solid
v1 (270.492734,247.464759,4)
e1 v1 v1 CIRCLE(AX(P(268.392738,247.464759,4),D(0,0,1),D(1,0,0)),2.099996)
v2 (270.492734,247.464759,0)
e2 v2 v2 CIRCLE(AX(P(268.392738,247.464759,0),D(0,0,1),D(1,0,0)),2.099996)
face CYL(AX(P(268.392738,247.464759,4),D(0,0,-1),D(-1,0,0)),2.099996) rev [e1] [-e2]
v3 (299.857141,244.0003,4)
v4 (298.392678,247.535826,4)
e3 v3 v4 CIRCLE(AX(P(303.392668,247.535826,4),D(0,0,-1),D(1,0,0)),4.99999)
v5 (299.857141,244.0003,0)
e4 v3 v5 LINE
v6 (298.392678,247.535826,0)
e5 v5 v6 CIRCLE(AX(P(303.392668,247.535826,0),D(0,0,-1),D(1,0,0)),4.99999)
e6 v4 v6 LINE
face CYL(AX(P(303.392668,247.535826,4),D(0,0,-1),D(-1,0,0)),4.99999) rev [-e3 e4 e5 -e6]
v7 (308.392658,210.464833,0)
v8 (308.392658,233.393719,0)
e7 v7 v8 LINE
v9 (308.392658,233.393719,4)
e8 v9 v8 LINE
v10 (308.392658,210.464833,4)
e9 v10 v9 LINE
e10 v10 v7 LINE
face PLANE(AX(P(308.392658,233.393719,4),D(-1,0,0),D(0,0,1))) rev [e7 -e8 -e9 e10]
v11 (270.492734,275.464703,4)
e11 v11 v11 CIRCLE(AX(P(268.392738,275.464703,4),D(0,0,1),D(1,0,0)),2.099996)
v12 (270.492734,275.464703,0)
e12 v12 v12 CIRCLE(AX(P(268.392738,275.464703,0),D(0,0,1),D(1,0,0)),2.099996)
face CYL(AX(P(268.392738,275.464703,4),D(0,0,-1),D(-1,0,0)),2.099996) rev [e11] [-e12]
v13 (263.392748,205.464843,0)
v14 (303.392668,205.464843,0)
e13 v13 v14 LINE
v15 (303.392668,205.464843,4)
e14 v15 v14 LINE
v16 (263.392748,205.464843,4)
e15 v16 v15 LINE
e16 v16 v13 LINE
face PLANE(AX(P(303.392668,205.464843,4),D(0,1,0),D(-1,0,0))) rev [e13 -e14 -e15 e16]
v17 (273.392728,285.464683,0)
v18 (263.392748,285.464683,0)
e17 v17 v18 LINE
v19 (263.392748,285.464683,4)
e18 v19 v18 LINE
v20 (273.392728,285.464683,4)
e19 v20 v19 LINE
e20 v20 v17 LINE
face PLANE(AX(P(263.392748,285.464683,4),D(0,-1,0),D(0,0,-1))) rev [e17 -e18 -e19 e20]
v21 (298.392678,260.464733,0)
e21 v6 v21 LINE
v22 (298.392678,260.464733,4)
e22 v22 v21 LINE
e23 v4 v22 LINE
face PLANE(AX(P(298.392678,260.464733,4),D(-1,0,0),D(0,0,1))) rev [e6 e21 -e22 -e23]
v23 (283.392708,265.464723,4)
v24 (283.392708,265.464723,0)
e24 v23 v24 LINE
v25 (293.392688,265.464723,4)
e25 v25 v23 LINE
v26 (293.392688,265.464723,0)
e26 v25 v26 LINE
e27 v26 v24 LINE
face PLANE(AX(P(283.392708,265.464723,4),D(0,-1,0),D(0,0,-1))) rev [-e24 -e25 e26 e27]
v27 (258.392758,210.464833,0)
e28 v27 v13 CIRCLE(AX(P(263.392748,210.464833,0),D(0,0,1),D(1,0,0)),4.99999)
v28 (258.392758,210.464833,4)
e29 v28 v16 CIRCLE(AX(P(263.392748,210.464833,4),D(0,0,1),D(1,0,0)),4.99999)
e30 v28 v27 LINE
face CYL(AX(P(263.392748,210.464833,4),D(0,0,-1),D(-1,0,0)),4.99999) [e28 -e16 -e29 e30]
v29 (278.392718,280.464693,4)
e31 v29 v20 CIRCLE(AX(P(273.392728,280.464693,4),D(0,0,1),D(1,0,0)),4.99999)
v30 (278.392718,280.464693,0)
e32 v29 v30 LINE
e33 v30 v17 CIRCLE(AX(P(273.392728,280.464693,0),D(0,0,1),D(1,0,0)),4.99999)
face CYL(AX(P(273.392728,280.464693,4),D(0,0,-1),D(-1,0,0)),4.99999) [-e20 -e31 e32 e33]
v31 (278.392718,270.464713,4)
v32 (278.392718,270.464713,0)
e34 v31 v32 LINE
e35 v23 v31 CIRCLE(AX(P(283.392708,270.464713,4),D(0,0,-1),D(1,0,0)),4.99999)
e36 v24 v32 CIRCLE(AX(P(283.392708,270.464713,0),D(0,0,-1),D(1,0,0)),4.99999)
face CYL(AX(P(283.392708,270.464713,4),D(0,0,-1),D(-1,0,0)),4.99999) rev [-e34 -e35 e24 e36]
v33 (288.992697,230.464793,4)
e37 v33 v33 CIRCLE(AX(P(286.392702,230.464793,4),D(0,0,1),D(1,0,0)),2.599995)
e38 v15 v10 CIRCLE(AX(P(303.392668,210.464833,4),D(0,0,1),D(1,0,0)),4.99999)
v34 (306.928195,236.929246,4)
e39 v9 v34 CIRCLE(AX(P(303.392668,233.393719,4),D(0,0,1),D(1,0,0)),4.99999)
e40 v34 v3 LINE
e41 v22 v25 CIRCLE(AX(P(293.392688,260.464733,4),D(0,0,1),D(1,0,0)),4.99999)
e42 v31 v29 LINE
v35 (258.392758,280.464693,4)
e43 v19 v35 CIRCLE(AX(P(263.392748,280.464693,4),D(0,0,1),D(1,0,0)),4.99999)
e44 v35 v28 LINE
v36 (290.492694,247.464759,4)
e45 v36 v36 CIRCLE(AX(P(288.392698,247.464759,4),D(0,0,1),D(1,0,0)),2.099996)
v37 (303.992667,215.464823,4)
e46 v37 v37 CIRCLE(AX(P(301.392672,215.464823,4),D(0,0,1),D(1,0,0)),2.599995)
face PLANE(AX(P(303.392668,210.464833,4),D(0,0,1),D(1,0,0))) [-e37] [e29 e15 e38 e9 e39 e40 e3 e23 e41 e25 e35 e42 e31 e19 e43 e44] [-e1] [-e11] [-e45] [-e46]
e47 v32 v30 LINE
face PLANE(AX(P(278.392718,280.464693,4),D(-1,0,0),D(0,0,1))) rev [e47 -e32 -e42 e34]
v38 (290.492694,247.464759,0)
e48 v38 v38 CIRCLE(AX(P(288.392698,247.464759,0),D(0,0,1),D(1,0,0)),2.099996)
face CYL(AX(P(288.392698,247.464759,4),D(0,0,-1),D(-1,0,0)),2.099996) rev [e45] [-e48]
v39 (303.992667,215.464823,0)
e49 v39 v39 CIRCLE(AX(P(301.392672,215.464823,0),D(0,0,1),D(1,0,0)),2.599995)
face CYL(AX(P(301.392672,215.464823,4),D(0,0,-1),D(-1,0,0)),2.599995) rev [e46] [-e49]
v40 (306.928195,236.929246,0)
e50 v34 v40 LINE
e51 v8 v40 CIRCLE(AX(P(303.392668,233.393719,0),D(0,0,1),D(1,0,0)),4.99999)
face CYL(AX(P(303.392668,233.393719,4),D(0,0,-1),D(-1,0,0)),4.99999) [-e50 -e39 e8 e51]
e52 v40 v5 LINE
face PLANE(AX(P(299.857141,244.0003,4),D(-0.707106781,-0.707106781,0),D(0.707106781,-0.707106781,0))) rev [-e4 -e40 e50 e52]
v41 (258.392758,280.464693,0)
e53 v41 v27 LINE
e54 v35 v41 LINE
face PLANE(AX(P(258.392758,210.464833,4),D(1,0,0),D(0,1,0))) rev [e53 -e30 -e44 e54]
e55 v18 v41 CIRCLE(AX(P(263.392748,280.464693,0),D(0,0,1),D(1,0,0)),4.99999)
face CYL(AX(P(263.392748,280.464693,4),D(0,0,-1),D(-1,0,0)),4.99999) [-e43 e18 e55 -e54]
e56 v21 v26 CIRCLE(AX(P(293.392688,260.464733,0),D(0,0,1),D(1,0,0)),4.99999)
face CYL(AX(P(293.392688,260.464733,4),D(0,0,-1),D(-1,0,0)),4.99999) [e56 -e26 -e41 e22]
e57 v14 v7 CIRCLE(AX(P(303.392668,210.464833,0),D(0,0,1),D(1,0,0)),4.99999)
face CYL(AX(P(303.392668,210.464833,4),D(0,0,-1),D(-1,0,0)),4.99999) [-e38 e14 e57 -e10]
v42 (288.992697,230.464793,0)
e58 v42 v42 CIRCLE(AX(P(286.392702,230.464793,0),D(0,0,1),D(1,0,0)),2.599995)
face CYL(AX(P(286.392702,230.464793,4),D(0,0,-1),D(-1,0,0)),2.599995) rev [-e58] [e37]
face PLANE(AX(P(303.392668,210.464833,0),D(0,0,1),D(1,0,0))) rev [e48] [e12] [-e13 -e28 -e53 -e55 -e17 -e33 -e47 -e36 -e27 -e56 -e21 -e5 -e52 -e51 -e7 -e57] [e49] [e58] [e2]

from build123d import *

# Parameters (mm, degrees)
MODEL_R         = 2.5999948
MODEL_R_2       = 2.0999958
EXTRUDE_1_DEPTH = 4


with BuildPart() as part:
    # Model → Бобышка-Вытянуть1 (new body)
    with BuildSketch(Plane.XY):
        with BuildLine():
            Line((308.392658055, 233.393719024), (308.392658055, 210.464832693))
            ThreePointArc((308.392658055, 210.464832693), (306.92819489, 206.929305859), (303.392668055, 205.464842693))
            Line((303.392668055, 205.464842693), (263.392748055, 205.464842693))
            ThreePointArc((263.392748055, 205.464842693), (259.85722122, 206.929305859), (258.392758055, 210.464832693))
            Line((258.392758055, 210.464832693), (258.392758055, 280.464692693))
            ThreePointArc((258.392758055, 280.464692693), (259.85722122, 284.000219528), (263.392748055, 285.464682693))
            Line((263.392748055, 285.464682693), (273.392728055, 285.464682693))
            ThreePointArc((273.392728055, 285.464682693), (276.92825489, 284.000219528), (278.392718055, 280.464692693))
            Line((278.392718055, 280.464692693), (278.392718055, 270.464712693))
            ThreePointArc((278.392718055, 270.464712693), (279.85718122, 266.929185859), (283.392708055, 265.464722693))
            Line((283.392708055, 265.464722693), (293.392688055, 265.464722693))
            ThreePointArc((293.392688055, 265.464722693), (296.92821489, 264.000259528), (298.392678055, 260.464732693))
            Line((298.392678055, 260.464732693), (298.392678055, 247.535826363))
            ThreePointArc((298.392678055, 247.535826363), (298.773279631, 245.622413028), (299.85714122, 244.000299528))
            Line((299.85714122, 244.000299528), (306.92819489, 236.929245859))
            ThreePointArc((306.92819489, 236.929245859), (308.012056479, 235.307132359), (308.392658055, 233.393719024))
        make_face()
        with Locations((286.392702055, 230.464792693)):
            Circle(MODEL_R, mode=Mode.SUBTRACT)
        with Locations((301.392672055, 215.464822693)):
            Circle(MODEL_R, mode=Mode.SUBTRACT)
        with Locations((268.392738055, 275.464702693)):
            Circle(MODEL_R_2, mode=Mode.SUBTRACT)
        with Locations((268.392738055, 247.464758693)):
            Circle(MODEL_R_2, mode=Mode.SUBTRACT)
        with Locations((288.392698055, 247.464758693)):
            Circle(MODEL_R_2, mode=Mode.SUBTRACT)
    extrude(amount=EXTRUDE_1_DEPTH)


solid = part.part
